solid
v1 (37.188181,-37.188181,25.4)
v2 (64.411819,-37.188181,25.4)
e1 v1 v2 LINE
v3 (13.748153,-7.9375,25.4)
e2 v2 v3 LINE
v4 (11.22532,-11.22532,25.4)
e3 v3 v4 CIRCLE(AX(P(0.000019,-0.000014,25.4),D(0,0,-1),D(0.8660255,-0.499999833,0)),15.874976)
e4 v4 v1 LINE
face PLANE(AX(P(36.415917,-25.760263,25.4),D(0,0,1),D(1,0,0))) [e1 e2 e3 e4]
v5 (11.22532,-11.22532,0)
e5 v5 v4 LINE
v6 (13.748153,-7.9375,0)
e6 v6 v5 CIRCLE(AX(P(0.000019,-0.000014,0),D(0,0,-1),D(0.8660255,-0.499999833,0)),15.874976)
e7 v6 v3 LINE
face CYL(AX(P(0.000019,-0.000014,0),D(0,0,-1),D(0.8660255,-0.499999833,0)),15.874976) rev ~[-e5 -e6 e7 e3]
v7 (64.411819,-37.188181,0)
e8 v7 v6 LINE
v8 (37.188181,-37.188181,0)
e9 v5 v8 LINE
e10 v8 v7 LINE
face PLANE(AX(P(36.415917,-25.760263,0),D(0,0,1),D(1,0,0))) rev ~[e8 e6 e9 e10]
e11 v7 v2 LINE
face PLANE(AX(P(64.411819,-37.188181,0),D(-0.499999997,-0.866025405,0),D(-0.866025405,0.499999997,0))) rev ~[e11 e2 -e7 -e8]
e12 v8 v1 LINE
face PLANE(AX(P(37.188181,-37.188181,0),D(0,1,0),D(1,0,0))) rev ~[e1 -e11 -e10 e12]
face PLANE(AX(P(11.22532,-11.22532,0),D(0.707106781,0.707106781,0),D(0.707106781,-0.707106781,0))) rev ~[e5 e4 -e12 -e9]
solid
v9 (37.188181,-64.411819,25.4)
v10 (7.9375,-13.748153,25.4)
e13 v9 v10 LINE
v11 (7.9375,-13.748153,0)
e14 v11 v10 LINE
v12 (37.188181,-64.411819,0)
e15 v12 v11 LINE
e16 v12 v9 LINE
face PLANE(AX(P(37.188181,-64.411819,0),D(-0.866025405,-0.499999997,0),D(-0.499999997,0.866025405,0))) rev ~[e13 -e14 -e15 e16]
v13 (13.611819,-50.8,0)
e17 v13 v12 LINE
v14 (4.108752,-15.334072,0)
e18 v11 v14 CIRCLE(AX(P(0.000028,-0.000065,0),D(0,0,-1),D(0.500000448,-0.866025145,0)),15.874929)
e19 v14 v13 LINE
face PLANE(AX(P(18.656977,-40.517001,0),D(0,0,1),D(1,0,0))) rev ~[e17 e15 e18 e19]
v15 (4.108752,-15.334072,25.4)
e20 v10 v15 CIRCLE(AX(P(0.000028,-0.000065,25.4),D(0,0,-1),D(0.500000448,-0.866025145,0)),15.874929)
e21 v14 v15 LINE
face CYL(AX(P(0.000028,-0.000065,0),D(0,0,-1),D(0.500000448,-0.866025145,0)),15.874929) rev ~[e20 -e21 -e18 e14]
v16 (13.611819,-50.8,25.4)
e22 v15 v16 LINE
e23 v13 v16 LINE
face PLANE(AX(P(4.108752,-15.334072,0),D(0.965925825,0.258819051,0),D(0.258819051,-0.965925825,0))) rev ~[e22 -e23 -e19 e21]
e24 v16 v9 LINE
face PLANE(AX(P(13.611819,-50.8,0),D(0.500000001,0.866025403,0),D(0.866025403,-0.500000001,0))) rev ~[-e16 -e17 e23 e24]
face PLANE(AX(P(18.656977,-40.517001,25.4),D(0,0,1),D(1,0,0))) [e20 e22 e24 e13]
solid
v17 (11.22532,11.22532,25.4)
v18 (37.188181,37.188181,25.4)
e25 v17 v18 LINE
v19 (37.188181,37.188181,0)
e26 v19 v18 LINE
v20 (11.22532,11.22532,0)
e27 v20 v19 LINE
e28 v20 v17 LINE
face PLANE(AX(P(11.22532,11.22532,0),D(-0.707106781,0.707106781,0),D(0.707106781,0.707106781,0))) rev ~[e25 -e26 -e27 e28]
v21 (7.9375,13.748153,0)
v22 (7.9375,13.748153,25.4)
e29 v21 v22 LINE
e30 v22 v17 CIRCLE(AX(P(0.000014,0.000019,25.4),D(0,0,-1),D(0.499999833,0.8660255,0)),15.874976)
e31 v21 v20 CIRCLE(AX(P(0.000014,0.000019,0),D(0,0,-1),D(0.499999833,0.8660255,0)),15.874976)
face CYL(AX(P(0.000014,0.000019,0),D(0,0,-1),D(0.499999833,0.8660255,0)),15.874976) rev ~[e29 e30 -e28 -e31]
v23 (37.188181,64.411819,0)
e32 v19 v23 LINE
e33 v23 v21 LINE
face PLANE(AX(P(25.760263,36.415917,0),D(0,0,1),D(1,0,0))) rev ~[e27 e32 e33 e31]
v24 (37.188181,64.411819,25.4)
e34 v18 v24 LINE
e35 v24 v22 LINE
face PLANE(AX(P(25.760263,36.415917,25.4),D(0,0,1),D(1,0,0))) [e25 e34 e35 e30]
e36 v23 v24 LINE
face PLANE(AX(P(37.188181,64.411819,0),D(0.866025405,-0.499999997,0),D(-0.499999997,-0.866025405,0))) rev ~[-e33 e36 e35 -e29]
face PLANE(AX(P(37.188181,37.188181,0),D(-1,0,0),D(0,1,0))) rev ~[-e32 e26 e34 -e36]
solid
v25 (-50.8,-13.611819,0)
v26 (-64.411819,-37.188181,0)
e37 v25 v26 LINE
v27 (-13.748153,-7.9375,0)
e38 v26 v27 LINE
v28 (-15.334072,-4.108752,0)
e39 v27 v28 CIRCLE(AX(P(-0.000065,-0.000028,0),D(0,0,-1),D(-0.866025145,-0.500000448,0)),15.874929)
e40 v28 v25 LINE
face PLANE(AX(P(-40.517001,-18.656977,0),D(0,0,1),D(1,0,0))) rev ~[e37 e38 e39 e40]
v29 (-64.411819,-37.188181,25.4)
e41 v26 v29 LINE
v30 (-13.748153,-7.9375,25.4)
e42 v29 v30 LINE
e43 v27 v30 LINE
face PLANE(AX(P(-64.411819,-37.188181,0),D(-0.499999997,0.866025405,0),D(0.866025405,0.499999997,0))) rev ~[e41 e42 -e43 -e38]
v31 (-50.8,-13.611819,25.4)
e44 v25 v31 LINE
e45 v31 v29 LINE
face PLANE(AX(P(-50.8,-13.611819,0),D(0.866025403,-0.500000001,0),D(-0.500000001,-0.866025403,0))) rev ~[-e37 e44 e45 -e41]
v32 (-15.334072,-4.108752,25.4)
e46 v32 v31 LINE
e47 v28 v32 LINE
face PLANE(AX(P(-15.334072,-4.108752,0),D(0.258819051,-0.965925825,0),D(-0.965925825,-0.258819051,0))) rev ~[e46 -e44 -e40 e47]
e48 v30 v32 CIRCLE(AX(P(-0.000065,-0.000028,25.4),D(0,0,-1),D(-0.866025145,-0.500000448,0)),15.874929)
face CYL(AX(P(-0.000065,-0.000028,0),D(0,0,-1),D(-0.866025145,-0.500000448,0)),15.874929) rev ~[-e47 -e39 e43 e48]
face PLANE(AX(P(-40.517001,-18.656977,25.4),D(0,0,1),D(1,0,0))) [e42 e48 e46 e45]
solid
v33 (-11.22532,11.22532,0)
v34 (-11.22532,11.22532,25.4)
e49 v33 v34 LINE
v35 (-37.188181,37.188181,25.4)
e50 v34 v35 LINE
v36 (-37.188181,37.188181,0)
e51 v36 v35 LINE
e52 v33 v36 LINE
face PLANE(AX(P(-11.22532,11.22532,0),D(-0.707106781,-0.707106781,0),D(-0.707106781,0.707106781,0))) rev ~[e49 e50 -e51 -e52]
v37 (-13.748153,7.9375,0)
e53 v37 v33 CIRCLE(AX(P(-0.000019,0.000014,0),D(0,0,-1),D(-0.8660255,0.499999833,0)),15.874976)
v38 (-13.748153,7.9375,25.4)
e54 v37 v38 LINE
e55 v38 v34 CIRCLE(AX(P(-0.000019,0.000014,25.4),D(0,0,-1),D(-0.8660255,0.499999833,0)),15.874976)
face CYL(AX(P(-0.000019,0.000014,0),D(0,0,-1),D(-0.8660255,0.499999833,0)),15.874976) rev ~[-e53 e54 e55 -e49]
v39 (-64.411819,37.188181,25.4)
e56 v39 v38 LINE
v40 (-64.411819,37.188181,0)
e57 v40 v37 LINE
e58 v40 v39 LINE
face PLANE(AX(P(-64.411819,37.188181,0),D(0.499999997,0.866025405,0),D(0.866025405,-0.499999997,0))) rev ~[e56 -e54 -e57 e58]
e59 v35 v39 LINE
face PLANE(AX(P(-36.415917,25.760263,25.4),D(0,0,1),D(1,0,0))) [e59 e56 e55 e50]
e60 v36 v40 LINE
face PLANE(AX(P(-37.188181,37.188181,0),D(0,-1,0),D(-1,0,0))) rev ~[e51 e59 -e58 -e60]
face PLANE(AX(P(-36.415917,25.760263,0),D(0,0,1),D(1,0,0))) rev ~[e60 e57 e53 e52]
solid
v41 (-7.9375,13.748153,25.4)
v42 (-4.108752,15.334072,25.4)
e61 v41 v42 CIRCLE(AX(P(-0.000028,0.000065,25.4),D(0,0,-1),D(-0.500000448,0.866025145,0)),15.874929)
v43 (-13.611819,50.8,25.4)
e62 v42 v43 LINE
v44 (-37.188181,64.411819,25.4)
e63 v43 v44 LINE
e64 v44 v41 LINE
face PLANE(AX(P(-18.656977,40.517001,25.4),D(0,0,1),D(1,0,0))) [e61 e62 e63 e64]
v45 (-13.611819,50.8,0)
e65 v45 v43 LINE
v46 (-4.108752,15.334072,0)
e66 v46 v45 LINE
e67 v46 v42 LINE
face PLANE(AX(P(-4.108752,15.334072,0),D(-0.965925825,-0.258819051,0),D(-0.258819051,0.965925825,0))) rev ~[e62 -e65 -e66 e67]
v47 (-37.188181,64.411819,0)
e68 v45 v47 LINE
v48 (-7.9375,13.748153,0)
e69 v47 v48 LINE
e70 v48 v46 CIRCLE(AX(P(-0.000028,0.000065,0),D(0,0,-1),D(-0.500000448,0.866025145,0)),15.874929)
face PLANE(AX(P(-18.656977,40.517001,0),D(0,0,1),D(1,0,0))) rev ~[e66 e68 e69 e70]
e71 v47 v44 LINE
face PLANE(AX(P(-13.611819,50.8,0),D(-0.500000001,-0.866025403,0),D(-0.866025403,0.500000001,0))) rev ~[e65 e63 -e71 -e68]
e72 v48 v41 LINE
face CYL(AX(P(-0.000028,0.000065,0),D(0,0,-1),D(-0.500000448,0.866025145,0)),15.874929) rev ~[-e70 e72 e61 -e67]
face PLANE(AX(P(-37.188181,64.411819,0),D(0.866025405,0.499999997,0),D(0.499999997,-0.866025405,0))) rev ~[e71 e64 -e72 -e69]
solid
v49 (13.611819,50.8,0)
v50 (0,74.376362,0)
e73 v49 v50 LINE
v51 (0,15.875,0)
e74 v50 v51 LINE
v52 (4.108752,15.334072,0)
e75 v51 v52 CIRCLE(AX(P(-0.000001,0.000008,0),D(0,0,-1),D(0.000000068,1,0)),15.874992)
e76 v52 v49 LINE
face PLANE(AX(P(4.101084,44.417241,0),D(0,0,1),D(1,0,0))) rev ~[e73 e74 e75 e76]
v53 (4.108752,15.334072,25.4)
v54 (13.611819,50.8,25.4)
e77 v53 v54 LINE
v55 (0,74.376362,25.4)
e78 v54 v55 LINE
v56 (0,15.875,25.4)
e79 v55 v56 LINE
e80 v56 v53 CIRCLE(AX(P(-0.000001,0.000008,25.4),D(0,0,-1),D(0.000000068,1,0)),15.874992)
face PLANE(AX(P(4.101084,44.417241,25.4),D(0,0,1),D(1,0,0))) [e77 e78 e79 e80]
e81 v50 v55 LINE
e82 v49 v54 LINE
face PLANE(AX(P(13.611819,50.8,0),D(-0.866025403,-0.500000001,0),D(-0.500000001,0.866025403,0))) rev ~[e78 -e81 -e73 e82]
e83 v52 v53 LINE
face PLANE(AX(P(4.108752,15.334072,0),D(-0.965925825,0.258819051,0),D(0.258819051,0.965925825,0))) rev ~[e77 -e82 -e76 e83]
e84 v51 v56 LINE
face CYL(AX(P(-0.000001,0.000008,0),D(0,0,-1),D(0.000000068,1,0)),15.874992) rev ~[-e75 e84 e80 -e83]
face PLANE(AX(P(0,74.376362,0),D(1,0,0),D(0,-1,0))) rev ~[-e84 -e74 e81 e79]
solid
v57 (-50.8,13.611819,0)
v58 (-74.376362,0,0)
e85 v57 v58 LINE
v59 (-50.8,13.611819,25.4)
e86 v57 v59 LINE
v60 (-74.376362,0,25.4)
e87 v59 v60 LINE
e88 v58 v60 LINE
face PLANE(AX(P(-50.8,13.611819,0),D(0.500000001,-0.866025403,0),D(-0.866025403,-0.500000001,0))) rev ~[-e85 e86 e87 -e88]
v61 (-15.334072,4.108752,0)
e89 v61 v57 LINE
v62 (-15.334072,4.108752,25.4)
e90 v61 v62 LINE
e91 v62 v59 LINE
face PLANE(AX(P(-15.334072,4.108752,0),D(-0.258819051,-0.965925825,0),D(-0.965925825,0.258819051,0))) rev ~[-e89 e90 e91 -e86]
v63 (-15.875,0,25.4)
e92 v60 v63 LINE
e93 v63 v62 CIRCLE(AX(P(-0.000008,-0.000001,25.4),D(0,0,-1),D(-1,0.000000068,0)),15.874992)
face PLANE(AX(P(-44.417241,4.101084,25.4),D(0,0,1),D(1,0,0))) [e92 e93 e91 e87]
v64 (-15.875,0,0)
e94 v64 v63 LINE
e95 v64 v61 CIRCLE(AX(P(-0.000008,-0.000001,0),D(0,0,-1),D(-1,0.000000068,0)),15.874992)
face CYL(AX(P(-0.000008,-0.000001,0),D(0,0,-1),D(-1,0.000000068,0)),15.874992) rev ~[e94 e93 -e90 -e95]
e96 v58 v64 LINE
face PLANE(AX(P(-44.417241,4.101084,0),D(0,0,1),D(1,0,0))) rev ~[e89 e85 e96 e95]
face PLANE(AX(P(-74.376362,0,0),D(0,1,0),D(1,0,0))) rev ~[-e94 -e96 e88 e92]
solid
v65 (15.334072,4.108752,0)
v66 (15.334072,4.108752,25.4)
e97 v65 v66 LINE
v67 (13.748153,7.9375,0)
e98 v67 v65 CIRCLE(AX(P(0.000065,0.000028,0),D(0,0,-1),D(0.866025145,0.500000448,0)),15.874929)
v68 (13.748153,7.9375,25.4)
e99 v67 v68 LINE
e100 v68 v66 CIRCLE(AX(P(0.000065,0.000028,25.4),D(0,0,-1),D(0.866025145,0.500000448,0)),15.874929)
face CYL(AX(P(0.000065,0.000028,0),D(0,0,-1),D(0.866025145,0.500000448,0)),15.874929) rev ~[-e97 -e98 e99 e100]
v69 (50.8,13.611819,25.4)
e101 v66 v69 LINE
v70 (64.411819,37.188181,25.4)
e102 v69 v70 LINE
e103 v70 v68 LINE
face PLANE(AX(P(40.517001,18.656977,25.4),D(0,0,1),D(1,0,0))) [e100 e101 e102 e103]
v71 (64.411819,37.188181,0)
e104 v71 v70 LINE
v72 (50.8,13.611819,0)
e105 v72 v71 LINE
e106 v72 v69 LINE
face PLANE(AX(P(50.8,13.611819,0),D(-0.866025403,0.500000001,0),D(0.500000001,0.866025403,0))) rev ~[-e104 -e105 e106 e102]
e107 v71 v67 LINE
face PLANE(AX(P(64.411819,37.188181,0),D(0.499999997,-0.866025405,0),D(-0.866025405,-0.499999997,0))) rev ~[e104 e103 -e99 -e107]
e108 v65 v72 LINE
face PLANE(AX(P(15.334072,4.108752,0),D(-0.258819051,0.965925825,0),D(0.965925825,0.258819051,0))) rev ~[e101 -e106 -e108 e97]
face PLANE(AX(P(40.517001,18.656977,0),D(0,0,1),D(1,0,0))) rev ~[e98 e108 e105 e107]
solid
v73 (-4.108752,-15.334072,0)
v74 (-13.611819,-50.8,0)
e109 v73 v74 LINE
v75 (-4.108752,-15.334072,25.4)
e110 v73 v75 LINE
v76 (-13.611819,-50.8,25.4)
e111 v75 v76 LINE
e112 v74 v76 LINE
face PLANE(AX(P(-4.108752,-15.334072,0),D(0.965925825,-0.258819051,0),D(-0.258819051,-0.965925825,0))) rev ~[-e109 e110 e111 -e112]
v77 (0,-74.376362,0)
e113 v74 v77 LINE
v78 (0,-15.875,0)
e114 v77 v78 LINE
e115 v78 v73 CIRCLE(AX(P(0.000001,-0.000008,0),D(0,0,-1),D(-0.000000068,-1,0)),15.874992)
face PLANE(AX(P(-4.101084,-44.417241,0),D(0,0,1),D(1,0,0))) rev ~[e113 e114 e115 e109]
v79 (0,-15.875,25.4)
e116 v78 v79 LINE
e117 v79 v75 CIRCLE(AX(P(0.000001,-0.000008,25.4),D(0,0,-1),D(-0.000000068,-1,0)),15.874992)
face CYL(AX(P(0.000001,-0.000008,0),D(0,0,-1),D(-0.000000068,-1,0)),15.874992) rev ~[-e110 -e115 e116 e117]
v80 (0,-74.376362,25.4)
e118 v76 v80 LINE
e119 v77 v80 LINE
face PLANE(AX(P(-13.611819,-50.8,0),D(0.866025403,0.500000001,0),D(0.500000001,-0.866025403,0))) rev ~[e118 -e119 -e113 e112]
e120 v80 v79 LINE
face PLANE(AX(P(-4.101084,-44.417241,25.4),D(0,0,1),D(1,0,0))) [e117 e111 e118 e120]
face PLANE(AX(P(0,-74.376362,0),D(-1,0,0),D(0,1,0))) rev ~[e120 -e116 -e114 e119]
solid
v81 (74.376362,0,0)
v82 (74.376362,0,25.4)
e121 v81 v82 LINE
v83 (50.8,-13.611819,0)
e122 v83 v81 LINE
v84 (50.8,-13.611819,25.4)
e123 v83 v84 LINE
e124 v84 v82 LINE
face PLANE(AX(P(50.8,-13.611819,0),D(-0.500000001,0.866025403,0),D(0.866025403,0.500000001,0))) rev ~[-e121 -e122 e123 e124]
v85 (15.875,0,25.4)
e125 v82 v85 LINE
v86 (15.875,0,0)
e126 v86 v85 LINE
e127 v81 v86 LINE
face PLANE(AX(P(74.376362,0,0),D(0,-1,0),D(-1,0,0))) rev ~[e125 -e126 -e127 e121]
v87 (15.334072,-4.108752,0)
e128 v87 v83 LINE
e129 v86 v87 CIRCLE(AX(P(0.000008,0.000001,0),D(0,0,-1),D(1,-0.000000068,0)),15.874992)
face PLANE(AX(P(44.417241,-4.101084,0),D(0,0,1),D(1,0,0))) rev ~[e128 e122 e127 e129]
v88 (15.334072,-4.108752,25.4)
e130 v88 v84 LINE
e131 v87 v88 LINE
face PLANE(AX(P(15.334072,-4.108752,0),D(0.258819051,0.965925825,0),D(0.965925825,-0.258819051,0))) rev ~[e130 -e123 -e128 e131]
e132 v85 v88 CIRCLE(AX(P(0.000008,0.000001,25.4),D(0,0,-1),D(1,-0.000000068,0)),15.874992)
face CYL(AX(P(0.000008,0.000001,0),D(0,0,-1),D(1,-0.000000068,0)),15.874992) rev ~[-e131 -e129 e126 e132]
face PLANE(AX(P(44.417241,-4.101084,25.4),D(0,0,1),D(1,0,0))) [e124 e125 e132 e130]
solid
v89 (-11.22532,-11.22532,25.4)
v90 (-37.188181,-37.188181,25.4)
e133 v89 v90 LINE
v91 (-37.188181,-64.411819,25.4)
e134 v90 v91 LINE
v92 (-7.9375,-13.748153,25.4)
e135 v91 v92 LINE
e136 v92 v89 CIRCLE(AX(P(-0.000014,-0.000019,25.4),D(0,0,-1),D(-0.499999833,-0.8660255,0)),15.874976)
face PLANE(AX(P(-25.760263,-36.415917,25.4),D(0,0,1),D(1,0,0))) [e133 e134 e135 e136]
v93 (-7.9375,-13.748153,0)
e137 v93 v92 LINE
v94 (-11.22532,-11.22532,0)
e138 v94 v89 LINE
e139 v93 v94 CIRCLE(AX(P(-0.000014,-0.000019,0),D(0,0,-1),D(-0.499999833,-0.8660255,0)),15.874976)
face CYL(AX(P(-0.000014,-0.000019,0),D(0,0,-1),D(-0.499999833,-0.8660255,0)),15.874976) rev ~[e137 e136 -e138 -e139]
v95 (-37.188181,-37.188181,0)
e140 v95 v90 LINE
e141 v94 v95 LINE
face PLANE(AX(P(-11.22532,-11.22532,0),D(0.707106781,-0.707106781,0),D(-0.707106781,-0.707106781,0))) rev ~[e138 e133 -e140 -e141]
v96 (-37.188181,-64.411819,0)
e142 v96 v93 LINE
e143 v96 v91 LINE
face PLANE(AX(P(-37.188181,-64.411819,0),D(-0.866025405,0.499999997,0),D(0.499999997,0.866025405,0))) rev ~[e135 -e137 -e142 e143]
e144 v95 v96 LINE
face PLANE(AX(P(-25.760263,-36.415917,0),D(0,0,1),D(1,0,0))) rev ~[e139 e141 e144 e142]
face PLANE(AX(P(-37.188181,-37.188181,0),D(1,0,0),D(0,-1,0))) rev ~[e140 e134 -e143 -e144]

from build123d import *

# Parameters (mm, degrees)
F1_DEPTH = 25.4


with BuildPart() as f1:
    # F0 (on Top) → F1 (new body)
    with BuildSketch(Plane.XY):
        with BuildLine():
            ThreePointArc((-13.748153, 7.9375), (-12.594484, 9.664088), (-11.22532, 11.22532))
            Line((-11.22532, 11.22532), (-37.188181, 37.188181))
            Line((-37.188181, 37.188181), (-64.411819, 37.188181))
            Line((-64.411819, 37.188181), (-13.748153, 7.9375))
        make_face()
        with BuildLine():
            ThreePointArc((-7.9375, 13.748153), (-6.075099, 14.666588), (-4.108752, 15.334072))
            Line((-4.108752, 15.334072), (-13.611819, 50.8))
            Line((-13.611819, 50.8), (-37.188181, 64.411819))
            Line((-37.188181, 64.411819), (-7.9375, 13.748153))
        make_face()
        with BuildLine():
            ThreePointArc((0, 15.875), (2.072103, 15.739187), (4.108752, 15.334072))
            Line((4.108752, 15.334072), (13.611819, 50.8))
            Line((13.611819, 50.8), (0, 74.376362))
            Line((0, 74.376362), (0, 15.875))
        make_face()
        with BuildLine():
            ThreePointArc((7.9375, 13.748153), (9.664088, 12.594484), (11.22532, 11.22532))
            Line((11.22532, 11.22532), (37.188181, 37.188181))
            Line((37.188181, 37.188181), (37.188181, 64.411819))
            Line((37.188181, 64.411819), (7.9375, 13.748153))
        make_face()
        with BuildLine():
            ThreePointArc((13.748153, 7.9375), (14.666588, 6.075099), (15.334072, 4.108752))
            Line((15.334072, 4.108752), (50.8, 13.611819))
            Line((50.8, 13.611819), (64.411819, 37.188181))
            Line((64.411819, 37.188181), (13.748153, 7.9375))
        make_face()
        with BuildLine():
            Line((74.376362, 0), (15.875, 0))
            ThreePointArc((15.875, 0), (15.739187, -2.072103), (15.334072, -4.108752))
            Line((15.334072, -4.108752), (50.8, -13.611819))
            Line((50.8, -13.611819), (74.376362, 0))
        make_face()
        with BuildLine():
            Line((64.411819, -37.188181), (13.748153, -7.9375))
            ThreePointArc((13.748153, -7.9375), (12.594484, -9.664088), (11.22532, -11.22532))
            Line((11.22532, -11.22532), (37.188181, -37.188181))
            Line((37.188181, -37.188181), (64.411819, -37.188181))
        make_face()
        with BuildLine():
            Line((37.188181, -64.411819), (7.9375, -13.748153))
            ThreePointArc((7.9375, -13.748153), (6.075099, -14.666588), (4.108752, -15.334072))
            Line((4.108752, -15.334072), (13.611819, -50.8))
            Line((13.611819, -50.8), (37.188181, -64.411819))
        make_face()
        with BuildLine():
            Line((0, -74.376362), (0, -15.875))
            ThreePointArc((0, -15.875), (-2.072103, -15.739187), (-4.108752, -15.334072))
            Line((-4.108752, -15.334072), (-13.611819, -50.8))
            Line((-13.611819, -50.8), (0, -74.376362))
        make_face()
        with BuildLine():
            Line((-37.188181, -64.411819), (-7.9375, -13.748153))
            ThreePointArc((-7.9375, -13.748153), (-9.664088, -12.594484), (-11.22532, -11.22532))
            Line((-11.22532, -11.22532), (-37.188181, -37.188181))
            Line((-37.188181, -37.188181), (-37.188181, -64.411819))
        make_face()
        with BuildLine():
            Line((-64.411819, -37.188181), (-13.748153, -7.9375))
            ThreePointArc((-13.748153, -7.9375), (-14.666588, -6.075099), (-15.334072, -4.108752))
            Line((-15.334072, -4.108752), (-50.8, -13.611819))
            Line((-50.8, -13.611819), (-64.411819, -37.188181))
        make_face()
        with BuildLine():
            ThreePointArc((-15.875, 0), (-15.739187, 2.072103), (-15.334072, 4.108752))
            Line((-15.334072, 4.108752), (-50.8, 13.611819))
            Line((-50.8, 13.611819), (-74.376362, 0))
            Line((-74.376362, 0), (-15.875, 0))
        make_face()
    extrude(amount=F1_DEPTH)


solid = f1.part
